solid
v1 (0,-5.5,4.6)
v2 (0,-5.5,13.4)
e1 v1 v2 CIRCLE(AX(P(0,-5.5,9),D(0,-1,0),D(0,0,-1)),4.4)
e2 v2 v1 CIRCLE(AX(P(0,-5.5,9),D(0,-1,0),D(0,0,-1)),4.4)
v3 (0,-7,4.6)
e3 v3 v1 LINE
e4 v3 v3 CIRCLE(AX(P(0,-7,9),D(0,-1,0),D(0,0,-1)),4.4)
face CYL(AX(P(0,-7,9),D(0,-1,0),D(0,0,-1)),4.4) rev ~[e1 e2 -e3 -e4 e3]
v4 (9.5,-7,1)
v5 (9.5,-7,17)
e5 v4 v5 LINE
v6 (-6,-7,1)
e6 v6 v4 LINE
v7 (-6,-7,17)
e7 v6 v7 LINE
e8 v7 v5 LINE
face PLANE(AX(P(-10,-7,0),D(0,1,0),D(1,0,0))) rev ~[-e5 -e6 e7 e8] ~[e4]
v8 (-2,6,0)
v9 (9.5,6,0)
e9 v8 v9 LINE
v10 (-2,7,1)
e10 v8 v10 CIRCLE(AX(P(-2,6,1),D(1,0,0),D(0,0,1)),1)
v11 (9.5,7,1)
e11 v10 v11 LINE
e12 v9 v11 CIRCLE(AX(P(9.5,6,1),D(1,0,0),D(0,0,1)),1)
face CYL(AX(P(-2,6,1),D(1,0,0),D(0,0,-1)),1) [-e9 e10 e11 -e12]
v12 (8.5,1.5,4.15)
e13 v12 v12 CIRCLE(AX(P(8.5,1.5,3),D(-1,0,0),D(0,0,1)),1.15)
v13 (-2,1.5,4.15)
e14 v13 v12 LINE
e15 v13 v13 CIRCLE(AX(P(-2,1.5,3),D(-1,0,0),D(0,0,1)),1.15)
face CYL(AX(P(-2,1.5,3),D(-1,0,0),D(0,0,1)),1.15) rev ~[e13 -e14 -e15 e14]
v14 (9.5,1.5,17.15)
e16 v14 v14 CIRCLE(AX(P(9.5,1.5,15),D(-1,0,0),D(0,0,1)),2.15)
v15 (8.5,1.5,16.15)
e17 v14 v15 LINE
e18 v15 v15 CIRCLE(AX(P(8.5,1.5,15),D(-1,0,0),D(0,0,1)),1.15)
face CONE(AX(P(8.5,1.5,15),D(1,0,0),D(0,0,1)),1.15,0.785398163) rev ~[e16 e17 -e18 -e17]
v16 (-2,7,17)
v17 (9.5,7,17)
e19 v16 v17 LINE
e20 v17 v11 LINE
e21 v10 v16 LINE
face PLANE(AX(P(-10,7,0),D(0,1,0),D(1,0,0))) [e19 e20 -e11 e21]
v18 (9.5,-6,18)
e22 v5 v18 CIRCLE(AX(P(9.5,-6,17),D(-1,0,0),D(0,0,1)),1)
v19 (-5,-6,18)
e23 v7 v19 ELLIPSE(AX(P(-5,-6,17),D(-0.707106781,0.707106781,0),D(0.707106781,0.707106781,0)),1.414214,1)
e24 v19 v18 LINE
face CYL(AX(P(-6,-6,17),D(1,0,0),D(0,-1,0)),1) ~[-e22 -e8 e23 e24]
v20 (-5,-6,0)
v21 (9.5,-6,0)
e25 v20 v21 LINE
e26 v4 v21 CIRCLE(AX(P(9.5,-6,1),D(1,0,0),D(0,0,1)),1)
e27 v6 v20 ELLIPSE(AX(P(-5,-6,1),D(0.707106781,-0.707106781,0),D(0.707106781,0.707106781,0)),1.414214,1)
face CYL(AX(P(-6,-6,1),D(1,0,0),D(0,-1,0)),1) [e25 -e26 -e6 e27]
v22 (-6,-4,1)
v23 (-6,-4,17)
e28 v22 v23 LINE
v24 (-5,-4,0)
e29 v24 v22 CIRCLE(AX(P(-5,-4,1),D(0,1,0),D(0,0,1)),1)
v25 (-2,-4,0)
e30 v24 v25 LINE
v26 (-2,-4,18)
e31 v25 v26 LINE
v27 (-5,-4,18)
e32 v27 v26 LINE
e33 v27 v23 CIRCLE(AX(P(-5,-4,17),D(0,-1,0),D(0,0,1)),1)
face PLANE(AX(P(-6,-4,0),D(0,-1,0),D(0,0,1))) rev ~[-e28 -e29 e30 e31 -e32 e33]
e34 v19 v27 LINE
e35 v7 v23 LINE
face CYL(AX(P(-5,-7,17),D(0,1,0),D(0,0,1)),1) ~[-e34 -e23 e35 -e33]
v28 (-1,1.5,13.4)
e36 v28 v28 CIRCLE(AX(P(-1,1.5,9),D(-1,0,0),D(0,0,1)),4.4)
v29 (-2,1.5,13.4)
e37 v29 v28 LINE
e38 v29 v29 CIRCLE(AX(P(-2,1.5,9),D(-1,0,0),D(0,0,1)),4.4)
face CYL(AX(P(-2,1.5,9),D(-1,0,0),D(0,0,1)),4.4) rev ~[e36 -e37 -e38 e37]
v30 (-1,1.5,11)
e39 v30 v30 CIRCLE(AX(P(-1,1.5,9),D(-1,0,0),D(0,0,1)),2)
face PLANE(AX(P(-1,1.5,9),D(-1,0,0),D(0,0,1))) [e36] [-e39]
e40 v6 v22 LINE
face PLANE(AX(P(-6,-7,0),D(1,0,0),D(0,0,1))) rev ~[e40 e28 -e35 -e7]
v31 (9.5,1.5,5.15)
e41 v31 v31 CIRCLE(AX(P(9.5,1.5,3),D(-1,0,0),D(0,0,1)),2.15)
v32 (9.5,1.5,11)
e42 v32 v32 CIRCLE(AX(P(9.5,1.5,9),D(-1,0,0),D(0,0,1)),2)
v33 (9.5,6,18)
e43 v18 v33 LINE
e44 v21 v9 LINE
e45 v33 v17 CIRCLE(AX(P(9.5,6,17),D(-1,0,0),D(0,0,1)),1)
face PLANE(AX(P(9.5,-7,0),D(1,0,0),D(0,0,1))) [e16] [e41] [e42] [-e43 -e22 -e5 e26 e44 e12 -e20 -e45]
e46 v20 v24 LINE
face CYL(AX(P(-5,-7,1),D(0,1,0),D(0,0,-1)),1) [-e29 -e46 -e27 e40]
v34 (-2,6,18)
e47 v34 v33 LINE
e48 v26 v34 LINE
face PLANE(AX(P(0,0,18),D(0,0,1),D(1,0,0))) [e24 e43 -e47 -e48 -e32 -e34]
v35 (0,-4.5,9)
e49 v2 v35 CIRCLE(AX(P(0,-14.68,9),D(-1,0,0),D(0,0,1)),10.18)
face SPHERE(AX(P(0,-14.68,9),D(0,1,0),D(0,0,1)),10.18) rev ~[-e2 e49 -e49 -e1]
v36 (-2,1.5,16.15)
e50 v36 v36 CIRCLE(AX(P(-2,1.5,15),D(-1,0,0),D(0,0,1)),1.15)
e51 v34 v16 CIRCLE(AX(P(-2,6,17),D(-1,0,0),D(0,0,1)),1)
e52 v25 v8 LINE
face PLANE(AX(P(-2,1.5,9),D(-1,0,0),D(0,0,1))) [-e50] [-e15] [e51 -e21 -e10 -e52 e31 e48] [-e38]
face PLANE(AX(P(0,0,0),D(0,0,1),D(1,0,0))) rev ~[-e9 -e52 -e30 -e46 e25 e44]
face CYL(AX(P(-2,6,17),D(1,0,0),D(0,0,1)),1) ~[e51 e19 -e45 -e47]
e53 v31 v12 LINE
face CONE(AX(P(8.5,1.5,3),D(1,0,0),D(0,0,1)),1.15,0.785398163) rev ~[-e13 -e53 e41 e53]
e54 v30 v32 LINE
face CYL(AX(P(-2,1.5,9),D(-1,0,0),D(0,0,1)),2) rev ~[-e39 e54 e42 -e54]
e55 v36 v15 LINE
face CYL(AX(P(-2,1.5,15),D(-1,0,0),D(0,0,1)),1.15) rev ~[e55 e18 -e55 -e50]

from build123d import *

# Parameters (mm, degrees)
SKETCH_2_W           = 20
SKETCH_2_H           = 14
EXTRUDE_1_DEPTH      = 18
SKETCH_6_R           = 4.4
CUT_EXTRUDE_4_DEPTH  = 1.5
DOME_1_FACE_RADIUS   = 4.4
DOME_1_HEIGHT        = 1
SKETCH_7_W           = 0.5
SKETCH_7_H           = 18
CUT_EXTRUDE_5_DEPTH  = 20
SKETCH_8_W           = 4
SKETCH_8_H           = 18
CUT_EXTRUDE_6_DEPTH  = 27
SKETCH_12_W          = 18
SKETCH_12_H          = 11
CUT_EXTRUDE_9_DEPTH  = 4
SKETCH_13_R          = 2
SKETCH_13_R_2        = 1.15
CUT_EXTRUDE_10_DEPTH = 15.5
SKETCH_14_R          = 4.4
CUT_EXTRUDE_11_DEPTH = 1
CHAMFER_1_SIZE       = 1
FILLET_1_R           = 1


with BuildPart() as part:
    # 草图2 → 凸台-拉伸1 (new body)
    with BuildSketch(Plane.XY):
        Rectangle(SKETCH_2_W, SKETCH_2_H)
    extrude(amount=EXTRUDE_1_DEPTH)

    # 草图6 → 切除-拉伸4 (cut)
    with BuildSketch(Plane.XZ.offset(7)):
        with Locations(Location((0, 9, 0), (0, 0, 270))):
            Circle(SKETCH_6_R)
    extrude(amount=-CUT_EXTRUDE_4_DEPTH, mode=Mode.SUBTRACT)

    # 圆顶1: a dome of height H over a round flat face of radius A is a cap of a sphere of radius (A * A + H * H) / (2 * H)
    dome_1_r = (DOME_1_FACE_RADIUS * DOME_1_FACE_RADIUS + DOME_1_HEIGHT * DOME_1_HEIGHT) / (2 * DOME_1_HEIGHT)
    dome_1_base = Plane((0, -5.5, 9), z_dir=(0, 1, 0))
    with Locations(dome_1_base.offset(DOME_1_HEIGHT - dome_1_r)):
        dome_1_ball = Sphere(dome_1_r, mode=Mode.PRIVATE)
    add(split(dome_1_ball, bisect_by=dome_1_base, keep=Keep.TOP, mode=Mode.PRIVATE), mode=Mode.SUBTRACT)

    # 草图7 → 切除-拉伸5 (cut)
    with BuildSketch(Plane.XZ.offset(7)):
        with Locations((9.75, 9)):
            Rectangle(SKETCH_7_W, SKETCH_7_H)
    extrude(amount=-CUT_EXTRUDE_5_DEPTH, mode=Mode.SUBTRACT)

    # 草图8 → 切除-拉伸6 (cut)
    with BuildSketch(Plane.XZ.offset(7)):
        with Locations((-8, 9)):
            Rectangle(SKETCH_8_W, SKETCH_8_H)
    extrude(amount=-CUT_EXTRUDE_6_DEPTH, mode=Mode.SUBTRACT)

    # 草图12 → 切除-拉伸9 (cut)
    with BuildSketch(Plane.ZY.offset(6)):
        with Locations((9, 1.5)):
            Rectangle(SKETCH_12_W, SKETCH_12_H)
    extrude(amount=-CUT_EXTRUDE_9_DEPTH, mode=Mode.SUBTRACT)

    # 草图13 → 切除-拉伸10 (cut)
    with BuildSketch(Plane.ZY.offset(2)):
        with Locations((9, 1.5)):
            Circle(SKETCH_13_R)
        with Locations((3, 1.5)):
            Circle(SKETCH_13_R_2)
        with Locations((15, 1.5)):
            Circle(SKETCH_13_R_2)
    extrude(amount=-CUT_EXTRUDE_10_DEPTH, mode=Mode.SUBTRACT)

    # 草图14 → 切除-拉伸11 (cut)
    with BuildSketch(Plane.ZY.offset(2)):
        with Locations((9, 1.5)):
            Circle(SKETCH_14_R)
    extrude(amount=-CUT_EXTRUDE_11_DEPTH, mode=Mode.SUBTRACT)

    # 倒角1
    chamfer_1_edges = [part.edges().sort_by_distance(p)[0] for p in [
        (9.5, 1.5, 13.85),
        (9.5, 1.5, 1.85),
    ]]
    chamfer(chamfer_1_edges, length=CHAMFER_1_SIZE)

    # 圆角1
    fillet_1_edges = [part.edges().sort_by_distance(p)[0] for p in [
        (3.75, 7, 0),
        (3.75, 7, 18),
        (1.75, -7, 0),
        (1.75, -7, 18),
        (-6, -5.5, 0),
        (-6, -5.5, 18),
    ]]
    fillet(fillet_1_edges, radius=FILLET_1_R)


solid = part.part
